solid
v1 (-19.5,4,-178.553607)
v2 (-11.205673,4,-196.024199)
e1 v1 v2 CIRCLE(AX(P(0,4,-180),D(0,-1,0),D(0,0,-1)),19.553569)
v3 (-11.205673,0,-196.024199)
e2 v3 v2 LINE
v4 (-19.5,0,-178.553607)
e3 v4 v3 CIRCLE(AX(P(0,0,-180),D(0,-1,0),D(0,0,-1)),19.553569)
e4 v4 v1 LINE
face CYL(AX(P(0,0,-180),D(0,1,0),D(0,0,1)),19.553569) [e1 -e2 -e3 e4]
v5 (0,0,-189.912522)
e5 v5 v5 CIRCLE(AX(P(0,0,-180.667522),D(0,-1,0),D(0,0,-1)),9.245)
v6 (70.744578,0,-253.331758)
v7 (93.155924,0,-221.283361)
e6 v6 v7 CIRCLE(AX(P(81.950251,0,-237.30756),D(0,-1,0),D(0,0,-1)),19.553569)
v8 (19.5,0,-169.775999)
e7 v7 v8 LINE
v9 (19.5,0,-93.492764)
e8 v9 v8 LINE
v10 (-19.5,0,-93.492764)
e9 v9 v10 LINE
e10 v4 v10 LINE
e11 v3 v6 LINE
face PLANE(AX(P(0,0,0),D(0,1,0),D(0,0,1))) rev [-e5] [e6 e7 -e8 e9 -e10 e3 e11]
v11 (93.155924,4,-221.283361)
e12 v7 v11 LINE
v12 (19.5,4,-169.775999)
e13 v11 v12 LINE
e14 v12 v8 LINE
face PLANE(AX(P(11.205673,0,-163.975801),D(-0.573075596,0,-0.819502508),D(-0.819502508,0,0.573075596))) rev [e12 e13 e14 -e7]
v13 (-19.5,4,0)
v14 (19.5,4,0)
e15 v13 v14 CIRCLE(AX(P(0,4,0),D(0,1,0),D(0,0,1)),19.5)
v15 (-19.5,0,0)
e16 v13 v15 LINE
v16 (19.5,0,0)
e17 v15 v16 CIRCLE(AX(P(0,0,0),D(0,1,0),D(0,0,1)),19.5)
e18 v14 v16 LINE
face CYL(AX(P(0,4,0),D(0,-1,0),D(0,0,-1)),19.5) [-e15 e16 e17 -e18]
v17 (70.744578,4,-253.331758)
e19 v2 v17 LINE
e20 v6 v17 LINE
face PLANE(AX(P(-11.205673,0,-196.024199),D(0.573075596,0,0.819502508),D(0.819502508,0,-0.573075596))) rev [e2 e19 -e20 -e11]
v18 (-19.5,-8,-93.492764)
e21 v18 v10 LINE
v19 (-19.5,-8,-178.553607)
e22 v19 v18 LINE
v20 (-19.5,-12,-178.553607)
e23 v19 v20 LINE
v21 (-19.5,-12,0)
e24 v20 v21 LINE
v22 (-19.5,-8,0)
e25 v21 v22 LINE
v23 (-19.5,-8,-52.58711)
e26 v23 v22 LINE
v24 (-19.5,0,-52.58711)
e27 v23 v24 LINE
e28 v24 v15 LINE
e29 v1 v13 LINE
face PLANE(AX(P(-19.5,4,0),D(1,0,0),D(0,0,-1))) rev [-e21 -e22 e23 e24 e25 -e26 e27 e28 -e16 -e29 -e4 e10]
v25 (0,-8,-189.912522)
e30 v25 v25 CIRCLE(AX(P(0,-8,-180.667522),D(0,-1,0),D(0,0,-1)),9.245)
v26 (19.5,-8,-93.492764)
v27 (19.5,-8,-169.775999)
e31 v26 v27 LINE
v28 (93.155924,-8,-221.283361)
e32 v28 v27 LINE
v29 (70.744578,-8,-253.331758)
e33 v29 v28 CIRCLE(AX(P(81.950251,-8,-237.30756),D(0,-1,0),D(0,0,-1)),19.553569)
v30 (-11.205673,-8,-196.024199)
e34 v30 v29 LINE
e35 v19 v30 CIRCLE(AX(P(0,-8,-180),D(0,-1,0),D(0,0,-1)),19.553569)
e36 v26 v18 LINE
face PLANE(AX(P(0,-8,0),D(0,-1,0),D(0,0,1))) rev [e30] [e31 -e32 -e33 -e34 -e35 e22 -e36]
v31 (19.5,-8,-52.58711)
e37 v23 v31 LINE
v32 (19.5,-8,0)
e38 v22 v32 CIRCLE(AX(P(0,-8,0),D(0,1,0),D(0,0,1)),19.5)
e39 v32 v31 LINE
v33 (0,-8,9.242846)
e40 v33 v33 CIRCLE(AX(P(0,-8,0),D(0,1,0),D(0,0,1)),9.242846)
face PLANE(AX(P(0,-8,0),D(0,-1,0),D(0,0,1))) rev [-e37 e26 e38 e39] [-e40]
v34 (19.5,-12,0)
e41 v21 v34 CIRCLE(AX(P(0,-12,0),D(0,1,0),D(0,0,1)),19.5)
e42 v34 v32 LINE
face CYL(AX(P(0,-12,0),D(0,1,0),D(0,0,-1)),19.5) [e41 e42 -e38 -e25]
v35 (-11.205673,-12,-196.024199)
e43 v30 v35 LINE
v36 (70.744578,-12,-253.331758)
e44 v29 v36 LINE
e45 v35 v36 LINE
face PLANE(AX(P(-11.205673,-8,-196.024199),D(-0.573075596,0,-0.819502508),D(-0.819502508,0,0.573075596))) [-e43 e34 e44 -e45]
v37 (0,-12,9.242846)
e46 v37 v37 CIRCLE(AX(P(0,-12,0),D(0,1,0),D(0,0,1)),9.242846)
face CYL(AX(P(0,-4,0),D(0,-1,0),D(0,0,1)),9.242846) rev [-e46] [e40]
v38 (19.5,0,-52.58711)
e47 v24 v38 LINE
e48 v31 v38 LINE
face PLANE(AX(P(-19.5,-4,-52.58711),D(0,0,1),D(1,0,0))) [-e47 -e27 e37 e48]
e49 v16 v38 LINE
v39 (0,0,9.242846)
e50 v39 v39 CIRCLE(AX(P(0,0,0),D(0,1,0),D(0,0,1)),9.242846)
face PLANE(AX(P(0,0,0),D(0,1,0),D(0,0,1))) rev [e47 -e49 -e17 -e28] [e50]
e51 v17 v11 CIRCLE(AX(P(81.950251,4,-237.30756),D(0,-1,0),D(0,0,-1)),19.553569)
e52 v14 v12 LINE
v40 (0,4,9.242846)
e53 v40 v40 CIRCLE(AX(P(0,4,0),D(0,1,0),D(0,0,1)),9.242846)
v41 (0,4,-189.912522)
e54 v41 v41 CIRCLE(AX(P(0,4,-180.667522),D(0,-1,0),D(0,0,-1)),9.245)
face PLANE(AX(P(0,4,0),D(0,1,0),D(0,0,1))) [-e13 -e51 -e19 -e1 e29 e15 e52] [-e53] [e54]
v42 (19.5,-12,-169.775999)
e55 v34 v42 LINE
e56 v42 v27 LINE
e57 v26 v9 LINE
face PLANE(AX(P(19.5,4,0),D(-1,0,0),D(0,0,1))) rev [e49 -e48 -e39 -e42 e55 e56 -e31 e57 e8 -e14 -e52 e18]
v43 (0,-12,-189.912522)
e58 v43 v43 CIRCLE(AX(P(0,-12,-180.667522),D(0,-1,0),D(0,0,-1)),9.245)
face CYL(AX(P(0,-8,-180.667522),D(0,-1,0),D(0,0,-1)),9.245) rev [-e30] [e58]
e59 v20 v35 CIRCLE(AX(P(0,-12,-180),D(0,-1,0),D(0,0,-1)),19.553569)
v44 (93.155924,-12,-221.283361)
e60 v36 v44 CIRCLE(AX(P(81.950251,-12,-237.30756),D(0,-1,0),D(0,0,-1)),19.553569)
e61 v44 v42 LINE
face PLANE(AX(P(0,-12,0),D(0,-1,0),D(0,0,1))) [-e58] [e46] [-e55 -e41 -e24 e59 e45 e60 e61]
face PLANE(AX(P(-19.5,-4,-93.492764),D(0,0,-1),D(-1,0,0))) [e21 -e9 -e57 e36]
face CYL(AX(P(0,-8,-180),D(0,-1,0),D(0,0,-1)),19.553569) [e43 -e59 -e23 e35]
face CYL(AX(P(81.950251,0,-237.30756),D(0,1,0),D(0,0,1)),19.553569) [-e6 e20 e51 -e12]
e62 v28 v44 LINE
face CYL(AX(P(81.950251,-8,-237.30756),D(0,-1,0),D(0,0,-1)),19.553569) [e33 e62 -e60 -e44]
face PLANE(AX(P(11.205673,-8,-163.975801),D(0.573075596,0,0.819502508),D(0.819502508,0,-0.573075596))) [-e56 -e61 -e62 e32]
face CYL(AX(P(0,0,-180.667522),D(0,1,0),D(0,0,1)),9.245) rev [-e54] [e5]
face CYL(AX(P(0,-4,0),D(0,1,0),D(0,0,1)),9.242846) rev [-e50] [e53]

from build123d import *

# Parameters (mm, degrees)
EXTRUDE_1_DEPTH     = 4
SKETCH_3_R          = 9.242846329
CUT_EXTRUDE_2_DEPTH = 8
SKETCH_5_W          = 39
SKETCH_5_H          = 40.905653917
EXTRUDE_2_DEPTH     = 4
EXTRUDE_3_DEPTH     = 4
SKETCH_8_R          = 9.245
CUT_EXTRUDE_3_DEPTH = 4


with BuildPart() as part:
    # 草图2 → 凸台-拉伸1 (new body)
    with BuildSketch(Plane(origin=(0, 0, 0), x_dir=(1, 0, 0), z_dir=(0, 1, 0))):
        with BuildLine():
            Line((-19.5, 0), (-19.5, 180))
            ThreePointArc((-19.5, 180), (0, 199.5), (19.5, 180))
            Line((19.5, 180), (19.5, 0))
            ThreePointArc((19.5, 0), (0, -19.5), (-19.5, 0))
        make_face()
    extrude_1 = extrude(amount=EXTRUDE_1_DEPTH)

    # 草图3 → 切除-拉伸2 (cut)
    with BuildSketch(Plane(origin=(0, 4, 0), x_dir=(-1, 0, 0), z_dir=(0, 1, 0))):
        with Locations(Location((0, -180, 0), (0, 0, 90))):
            Circle(SKETCH_3_R)
        with Locations(Location((0, 0, 0), (0, 0, 90))):
            Circle(SKETCH_3_R)
    cut_extrude_2 = extrude(amount=-CUT_EXTRUDE_2_DEPTH, mode=Mode.SUBTRACT)

    # 草图5 → 凸台-拉伸2 (add)
    with BuildSketch(Plane(origin=(0, 0, 0), x_dir=(1, 0, 0), z_dir=(0, 1, 0))):
        with Locations((0, 73.039937417)):
            Rectangle(SKETCH_5_W, SKETCH_5_H)
    extrude_2 = extrude(amount=-EXTRUDE_2_DEPTH)

    # 镜向3: 凸台-拉伸1, 切除-拉伸2, 凸台-拉伸2 across plane
    add(extrude_1.mirror(Plane(origin=(0, -4, 0), x_dir=(0, 0, 1), z_dir=(0, -1, 0))))
    add(cut_extrude_2.mirror(Plane(origin=(0, -4, 0), x_dir=(0, 0, 1), z_dir=(0, -1, 0))), mode=Mode.SUBTRACT)
    add(extrude_2.mirror(Plane(origin=(0, -4, 0), x_dir=(0, 0, 1), z_dir=(0, -1, 0))))

    # 草图7 → 凸台-拉伸3 (add)
    with BuildSketch(Plane.XZ.offset(12)):
        with BuildLine():
            Line((11.205673107, -163.975801314), (93.155923926, -221.283360943))
            ThreePointArc((93.155923926, -221.283360943), (97.974449505, -248.513232736), (70.744577713, -253.331758315))
            Line((70.744577713, -253.331758315), (-11.205673107, -196.024198686))
            ThreePointArc((-11.205673107, -196.024198686), (-16.024198686, -168.794326893), (11.205673107, -163.975801314))
        make_face()
    extrude_3 = extrude(amount=-EXTRUDE_3_DEPTH)

    # 草图8 → 切除-拉伸3 (cut)
    with BuildSketch(Plane.XZ.offset(12)):
        with Locations(Location((0, -180.667521799, 0), (0, 0, 270))):
            Circle(SKETCH_8_R)
    cut_extrude_3 = extrude(amount=-CUT_EXTRUDE_3_DEPTH, mode=Mode.SUBTRACT)

    # 镜向6: 凸台-拉伸3, 切除-拉伸3 across plane
    add(extrude_3.mirror(Plane(origin=(0, -4, 0), x_dir=(0, 0, 1), z_dir=(0, -1, 0))))
    add(cut_extrude_3.mirror(Plane(origin=(0, -4, 0), x_dir=(0, 0, 1), z_dir=(0, -1, 0))), mode=Mode.SUBTRACT)


solid = part.part
